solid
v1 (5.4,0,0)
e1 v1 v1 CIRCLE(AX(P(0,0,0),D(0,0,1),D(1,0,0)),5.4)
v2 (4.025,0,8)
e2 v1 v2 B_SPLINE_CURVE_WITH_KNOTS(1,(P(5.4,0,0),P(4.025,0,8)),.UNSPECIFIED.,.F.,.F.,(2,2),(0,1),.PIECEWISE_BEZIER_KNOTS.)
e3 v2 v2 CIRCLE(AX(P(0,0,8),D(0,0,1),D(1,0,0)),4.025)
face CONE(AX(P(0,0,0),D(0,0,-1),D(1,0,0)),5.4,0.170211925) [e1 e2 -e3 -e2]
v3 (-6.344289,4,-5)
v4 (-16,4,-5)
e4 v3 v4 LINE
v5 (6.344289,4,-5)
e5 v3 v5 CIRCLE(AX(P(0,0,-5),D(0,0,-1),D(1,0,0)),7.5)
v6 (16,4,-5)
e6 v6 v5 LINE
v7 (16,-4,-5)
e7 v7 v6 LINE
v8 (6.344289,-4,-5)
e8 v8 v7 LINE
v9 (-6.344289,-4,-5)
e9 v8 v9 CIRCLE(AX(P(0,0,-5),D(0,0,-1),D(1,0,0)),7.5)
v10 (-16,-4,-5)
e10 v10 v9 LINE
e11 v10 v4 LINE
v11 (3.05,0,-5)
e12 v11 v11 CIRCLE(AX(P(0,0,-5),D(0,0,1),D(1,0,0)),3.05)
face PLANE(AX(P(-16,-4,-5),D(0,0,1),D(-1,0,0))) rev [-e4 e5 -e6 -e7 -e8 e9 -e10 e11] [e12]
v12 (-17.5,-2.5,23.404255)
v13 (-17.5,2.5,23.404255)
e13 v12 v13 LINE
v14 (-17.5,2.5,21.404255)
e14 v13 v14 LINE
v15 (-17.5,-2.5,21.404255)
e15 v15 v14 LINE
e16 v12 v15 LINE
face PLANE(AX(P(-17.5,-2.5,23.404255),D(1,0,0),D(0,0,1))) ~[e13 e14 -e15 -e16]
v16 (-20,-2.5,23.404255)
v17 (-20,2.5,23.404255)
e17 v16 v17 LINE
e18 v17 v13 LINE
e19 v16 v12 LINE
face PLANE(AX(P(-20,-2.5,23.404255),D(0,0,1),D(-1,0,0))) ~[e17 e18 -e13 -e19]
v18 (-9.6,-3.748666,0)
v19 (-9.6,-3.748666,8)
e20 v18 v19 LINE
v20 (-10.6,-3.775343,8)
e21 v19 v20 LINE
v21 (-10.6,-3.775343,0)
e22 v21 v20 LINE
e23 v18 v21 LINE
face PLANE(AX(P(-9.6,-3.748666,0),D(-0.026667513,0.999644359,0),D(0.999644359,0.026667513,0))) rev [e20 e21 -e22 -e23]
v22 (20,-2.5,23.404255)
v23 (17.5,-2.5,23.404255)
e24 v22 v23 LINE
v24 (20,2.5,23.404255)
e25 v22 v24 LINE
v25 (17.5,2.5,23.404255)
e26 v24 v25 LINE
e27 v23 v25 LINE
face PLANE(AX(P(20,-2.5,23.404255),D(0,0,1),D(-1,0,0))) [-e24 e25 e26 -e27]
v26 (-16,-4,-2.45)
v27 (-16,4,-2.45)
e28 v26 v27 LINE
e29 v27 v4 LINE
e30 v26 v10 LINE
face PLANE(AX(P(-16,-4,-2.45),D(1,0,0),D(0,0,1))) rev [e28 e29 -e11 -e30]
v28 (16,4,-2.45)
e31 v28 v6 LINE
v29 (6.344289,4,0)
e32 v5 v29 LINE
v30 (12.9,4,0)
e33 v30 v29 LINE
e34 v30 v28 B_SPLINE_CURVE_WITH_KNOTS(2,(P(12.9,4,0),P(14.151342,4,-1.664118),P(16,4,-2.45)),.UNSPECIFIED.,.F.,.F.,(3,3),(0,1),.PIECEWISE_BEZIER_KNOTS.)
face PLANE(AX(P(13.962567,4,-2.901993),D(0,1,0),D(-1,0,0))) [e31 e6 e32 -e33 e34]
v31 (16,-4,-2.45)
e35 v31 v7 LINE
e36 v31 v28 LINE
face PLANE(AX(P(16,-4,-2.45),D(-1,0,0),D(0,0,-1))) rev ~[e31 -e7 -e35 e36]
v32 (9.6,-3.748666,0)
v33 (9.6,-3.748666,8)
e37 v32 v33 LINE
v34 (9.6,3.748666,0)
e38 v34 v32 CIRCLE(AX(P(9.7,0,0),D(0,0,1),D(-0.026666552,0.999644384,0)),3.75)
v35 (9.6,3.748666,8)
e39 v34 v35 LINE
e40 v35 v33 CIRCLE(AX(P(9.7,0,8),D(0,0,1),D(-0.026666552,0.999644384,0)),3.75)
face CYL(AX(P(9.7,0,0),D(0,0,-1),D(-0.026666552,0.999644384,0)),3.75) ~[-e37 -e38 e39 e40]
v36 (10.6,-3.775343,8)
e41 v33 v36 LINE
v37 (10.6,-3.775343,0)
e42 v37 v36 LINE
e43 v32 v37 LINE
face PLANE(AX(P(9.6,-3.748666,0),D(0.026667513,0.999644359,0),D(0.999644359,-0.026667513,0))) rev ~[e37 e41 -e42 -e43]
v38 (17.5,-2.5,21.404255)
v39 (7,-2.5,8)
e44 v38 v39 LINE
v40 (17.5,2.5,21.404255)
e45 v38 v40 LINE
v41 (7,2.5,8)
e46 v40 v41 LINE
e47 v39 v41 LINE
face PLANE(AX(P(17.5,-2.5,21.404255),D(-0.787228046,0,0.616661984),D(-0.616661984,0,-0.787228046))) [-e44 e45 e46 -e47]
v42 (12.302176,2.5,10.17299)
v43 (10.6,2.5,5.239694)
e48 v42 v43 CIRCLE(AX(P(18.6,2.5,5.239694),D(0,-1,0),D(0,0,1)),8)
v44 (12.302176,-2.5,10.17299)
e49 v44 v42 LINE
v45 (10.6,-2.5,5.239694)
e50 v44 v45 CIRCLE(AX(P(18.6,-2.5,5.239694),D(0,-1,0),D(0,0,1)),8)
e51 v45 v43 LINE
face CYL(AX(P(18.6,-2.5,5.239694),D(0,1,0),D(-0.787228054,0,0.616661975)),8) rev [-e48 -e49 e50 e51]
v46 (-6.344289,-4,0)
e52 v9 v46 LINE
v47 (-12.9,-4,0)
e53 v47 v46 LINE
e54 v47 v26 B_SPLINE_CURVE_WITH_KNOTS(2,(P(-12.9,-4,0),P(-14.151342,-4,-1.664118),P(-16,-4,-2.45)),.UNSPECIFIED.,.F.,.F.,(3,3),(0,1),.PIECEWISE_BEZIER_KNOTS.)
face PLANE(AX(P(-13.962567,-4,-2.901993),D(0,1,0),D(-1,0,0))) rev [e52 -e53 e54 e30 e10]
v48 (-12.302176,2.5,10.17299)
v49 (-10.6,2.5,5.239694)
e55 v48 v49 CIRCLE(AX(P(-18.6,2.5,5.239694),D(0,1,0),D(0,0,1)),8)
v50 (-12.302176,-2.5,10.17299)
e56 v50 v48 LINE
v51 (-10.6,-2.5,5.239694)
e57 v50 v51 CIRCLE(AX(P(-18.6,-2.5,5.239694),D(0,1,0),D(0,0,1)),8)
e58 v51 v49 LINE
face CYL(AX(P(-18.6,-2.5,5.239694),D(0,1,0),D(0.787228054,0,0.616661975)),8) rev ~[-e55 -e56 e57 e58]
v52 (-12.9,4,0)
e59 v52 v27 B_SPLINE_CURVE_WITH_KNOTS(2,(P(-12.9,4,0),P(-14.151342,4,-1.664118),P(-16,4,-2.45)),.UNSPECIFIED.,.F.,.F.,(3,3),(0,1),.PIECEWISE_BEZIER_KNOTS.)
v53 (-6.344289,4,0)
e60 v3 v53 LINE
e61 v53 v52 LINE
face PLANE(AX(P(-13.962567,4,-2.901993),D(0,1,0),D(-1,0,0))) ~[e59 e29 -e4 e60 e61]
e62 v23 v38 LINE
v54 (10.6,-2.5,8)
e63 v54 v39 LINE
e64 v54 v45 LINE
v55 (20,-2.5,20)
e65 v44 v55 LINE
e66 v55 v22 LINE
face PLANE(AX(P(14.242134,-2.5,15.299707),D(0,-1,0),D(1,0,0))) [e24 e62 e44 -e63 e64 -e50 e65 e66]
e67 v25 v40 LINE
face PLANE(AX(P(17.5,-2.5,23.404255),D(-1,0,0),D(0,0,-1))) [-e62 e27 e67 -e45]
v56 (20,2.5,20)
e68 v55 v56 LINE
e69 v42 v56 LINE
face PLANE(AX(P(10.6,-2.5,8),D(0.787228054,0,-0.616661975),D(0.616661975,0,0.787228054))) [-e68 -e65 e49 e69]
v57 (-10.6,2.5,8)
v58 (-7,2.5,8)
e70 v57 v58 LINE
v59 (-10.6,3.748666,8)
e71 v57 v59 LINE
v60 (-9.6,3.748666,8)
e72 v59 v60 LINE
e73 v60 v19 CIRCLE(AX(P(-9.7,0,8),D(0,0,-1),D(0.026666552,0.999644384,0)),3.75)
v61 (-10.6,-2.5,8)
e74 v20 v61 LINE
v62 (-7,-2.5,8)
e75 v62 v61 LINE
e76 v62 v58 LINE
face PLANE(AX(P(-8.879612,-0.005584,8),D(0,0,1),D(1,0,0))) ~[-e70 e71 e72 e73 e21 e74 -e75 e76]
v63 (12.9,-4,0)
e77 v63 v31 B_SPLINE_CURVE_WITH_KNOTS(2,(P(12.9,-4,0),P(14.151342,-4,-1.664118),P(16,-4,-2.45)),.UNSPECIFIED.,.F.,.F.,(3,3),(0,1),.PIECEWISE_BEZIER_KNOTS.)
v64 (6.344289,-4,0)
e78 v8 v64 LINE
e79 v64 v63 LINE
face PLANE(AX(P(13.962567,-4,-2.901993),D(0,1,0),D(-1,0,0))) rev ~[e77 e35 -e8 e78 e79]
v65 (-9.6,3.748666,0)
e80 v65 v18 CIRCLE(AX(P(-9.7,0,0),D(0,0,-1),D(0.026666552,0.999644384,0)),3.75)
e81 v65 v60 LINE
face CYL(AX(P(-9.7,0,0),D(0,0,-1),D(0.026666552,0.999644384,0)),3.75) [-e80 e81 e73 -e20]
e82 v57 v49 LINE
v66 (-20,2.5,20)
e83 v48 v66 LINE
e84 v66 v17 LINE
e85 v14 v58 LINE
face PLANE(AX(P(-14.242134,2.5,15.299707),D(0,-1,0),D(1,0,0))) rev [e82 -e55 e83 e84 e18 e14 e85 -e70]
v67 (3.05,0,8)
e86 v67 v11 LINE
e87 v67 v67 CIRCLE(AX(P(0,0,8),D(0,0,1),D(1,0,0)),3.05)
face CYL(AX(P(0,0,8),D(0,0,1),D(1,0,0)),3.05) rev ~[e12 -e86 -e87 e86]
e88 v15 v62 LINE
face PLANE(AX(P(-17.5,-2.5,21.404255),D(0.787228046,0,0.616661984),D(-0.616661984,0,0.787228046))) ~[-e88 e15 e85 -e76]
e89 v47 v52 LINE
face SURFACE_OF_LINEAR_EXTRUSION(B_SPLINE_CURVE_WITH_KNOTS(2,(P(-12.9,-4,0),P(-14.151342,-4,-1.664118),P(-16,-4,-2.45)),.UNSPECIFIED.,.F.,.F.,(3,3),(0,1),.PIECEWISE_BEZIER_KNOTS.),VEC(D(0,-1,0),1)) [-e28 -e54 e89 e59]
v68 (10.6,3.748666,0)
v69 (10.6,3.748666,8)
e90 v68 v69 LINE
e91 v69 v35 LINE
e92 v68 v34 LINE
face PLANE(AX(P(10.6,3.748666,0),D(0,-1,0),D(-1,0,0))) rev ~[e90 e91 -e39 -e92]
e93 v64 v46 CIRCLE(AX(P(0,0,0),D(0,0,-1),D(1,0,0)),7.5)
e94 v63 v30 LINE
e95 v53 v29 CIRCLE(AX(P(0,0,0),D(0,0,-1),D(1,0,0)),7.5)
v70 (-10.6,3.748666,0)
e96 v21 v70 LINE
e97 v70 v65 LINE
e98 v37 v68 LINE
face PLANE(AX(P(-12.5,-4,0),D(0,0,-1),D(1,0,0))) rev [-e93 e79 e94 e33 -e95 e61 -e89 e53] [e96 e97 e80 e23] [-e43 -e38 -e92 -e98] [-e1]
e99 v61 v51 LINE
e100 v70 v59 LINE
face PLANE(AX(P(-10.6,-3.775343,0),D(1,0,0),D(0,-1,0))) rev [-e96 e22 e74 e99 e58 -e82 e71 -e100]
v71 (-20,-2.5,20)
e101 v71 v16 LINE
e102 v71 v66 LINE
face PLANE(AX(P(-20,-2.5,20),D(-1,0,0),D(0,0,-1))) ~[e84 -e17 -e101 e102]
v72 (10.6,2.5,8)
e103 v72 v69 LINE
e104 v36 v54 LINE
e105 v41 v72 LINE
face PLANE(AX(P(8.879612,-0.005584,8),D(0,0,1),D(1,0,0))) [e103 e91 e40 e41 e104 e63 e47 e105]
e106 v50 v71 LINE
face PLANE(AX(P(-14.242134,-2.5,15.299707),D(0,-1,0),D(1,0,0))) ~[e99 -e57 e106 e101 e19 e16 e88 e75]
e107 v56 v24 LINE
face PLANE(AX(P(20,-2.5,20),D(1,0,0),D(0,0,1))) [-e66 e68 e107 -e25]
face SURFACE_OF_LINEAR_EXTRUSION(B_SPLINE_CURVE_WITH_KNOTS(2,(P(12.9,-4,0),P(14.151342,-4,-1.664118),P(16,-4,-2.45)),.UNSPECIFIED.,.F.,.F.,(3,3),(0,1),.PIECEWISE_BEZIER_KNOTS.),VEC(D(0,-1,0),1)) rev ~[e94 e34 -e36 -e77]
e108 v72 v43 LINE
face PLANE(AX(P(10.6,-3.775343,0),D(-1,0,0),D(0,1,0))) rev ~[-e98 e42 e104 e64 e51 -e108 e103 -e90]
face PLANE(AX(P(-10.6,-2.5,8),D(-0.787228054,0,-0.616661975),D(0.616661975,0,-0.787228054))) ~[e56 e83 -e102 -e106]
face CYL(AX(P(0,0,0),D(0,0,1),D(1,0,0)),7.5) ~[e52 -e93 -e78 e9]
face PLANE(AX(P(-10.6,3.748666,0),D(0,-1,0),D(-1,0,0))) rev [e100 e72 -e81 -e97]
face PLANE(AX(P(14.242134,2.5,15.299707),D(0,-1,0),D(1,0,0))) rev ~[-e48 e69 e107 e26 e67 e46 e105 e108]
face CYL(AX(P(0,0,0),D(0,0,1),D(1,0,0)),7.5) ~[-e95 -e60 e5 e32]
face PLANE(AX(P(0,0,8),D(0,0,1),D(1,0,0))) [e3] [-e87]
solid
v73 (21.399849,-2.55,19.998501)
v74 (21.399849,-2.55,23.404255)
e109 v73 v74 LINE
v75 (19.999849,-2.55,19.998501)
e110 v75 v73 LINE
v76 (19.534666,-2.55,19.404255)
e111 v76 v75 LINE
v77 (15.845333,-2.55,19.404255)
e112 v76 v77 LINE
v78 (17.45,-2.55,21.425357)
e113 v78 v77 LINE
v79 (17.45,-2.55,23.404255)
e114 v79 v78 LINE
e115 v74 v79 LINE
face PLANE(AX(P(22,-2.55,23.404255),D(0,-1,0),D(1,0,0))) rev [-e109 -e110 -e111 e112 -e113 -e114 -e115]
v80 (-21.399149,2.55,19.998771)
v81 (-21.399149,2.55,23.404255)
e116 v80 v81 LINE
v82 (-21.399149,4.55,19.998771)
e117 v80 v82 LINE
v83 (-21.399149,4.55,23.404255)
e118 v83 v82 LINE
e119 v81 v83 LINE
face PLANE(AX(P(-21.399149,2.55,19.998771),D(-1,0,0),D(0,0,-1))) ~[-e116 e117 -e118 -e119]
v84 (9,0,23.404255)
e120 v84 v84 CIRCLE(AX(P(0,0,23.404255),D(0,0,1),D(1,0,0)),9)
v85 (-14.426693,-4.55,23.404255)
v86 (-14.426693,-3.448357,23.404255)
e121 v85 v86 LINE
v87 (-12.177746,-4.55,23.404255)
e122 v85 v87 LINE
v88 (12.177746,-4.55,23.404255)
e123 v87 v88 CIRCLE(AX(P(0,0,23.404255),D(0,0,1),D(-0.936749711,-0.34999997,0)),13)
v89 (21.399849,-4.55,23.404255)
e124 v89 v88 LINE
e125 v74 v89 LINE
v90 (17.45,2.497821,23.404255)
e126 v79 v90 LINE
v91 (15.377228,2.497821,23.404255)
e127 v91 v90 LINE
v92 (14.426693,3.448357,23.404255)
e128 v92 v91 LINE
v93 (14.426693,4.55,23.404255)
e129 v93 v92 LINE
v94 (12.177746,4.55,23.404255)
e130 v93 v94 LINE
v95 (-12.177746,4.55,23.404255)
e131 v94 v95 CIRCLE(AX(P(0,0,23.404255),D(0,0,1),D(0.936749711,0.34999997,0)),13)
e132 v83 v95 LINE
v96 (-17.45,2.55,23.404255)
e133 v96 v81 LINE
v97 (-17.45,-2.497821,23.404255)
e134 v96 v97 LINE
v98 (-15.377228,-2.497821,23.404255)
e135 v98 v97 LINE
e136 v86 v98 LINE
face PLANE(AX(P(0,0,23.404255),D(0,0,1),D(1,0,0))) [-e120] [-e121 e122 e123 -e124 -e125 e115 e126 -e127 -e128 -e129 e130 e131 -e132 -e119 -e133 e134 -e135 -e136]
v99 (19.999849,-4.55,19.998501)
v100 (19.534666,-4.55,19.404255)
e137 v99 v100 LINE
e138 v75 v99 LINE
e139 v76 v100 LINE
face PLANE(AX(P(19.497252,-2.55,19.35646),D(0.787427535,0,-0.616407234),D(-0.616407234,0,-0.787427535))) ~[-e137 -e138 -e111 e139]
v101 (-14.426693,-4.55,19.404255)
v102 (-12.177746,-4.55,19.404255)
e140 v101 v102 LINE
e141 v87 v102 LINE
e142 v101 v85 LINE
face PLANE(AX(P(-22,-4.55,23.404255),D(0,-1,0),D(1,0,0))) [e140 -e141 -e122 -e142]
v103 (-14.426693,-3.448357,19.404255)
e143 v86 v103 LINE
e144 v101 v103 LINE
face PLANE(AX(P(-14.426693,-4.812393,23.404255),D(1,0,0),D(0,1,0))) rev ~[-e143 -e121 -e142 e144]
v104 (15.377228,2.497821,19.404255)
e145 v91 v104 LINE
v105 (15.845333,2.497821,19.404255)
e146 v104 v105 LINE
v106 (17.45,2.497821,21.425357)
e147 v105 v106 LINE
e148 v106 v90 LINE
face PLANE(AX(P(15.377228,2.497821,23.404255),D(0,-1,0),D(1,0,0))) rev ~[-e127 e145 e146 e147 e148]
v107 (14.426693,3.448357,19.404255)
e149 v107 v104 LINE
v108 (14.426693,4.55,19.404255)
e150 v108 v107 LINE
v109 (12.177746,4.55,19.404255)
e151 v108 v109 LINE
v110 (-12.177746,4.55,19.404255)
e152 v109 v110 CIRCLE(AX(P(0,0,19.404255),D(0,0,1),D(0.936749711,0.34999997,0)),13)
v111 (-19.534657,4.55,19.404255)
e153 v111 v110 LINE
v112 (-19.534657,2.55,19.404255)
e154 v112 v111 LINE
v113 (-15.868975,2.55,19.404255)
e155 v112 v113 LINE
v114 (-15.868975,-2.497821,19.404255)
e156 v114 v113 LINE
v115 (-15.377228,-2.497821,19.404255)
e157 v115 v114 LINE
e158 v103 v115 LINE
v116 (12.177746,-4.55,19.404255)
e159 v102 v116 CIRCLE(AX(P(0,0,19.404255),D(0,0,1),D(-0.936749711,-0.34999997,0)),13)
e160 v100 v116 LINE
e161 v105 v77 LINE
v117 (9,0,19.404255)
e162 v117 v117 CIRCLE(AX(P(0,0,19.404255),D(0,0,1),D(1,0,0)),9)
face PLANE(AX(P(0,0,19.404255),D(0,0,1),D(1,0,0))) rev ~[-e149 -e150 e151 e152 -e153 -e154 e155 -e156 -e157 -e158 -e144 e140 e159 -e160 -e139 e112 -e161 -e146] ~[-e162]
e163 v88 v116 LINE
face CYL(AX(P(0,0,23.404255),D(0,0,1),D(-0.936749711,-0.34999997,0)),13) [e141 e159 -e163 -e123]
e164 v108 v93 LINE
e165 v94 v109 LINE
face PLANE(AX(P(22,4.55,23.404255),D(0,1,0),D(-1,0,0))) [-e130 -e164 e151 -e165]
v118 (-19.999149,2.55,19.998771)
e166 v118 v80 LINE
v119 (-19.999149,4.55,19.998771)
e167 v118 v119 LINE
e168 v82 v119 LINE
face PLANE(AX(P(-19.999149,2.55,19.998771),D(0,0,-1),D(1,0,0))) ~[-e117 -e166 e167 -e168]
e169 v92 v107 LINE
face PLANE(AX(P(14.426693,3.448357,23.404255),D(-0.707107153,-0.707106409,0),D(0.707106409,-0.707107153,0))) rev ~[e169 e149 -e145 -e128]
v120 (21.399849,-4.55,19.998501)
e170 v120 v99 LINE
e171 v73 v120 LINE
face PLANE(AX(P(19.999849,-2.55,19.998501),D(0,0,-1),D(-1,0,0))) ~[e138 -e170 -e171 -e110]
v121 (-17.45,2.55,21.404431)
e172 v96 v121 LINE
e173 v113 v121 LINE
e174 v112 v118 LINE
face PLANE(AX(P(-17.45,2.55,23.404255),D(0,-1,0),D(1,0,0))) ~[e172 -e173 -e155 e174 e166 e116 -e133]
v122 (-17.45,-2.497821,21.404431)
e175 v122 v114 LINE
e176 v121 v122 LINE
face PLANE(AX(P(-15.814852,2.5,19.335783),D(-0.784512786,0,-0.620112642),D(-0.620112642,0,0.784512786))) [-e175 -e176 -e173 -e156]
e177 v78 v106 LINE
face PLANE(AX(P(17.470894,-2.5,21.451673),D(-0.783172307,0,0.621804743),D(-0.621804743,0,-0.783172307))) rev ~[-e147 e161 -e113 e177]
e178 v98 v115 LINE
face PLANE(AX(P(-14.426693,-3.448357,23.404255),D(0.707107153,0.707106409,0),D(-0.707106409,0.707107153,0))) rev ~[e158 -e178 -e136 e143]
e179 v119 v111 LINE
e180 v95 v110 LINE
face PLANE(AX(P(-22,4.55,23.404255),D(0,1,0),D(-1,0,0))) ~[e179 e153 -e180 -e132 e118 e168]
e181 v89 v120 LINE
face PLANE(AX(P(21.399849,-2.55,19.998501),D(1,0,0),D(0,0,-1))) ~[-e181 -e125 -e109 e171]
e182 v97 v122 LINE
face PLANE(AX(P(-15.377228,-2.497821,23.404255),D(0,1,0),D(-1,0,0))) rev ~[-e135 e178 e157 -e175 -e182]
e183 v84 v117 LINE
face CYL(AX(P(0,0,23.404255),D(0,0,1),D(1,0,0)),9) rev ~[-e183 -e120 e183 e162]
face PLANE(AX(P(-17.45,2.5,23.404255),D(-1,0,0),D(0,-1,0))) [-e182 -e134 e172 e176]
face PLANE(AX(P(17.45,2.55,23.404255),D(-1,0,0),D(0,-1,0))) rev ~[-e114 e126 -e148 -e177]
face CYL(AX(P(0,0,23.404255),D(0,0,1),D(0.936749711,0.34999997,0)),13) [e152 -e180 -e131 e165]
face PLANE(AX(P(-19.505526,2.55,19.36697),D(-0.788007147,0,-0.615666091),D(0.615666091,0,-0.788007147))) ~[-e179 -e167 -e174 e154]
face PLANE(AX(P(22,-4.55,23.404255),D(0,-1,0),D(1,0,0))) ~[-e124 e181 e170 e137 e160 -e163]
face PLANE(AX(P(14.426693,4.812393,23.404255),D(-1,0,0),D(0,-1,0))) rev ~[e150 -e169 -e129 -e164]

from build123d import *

# Parameters (mm, degrees)
SKETCH_R           = 5.4
SKETCH001_R        = 4.025
SKETCH003_R        = 7.5
PAD_DEPTH          = 5
SKETCH002_R        = 3.05
POCKET_DEPTH       = 200
SKETCH004_W        = 6.5
SKETCH004_H        = 8
PAD001_DEPTH       = 5
PAD002_DEPTH       = 8
SKETCH006_W        = 2.5
SKETCH006_H        = 5
PAD003_DEPTH       = 8
PAD004_DEPTH       = 5
PAD005_DEPTH       = 8
FILLET_R           = 8
FILLET001_R        = 8
SKETCH009_R        = 9
PAD006_DEPTH       = 4
POCKET001_DEPTH    = 5.05
POCKET002_DEPTH    = 5.05
POCKET003_DEPTH    = 5
POCKET004_DEPTH    = 5
POCKET005_DEPTH    = 5
POLARPATTERN_COUNT = 2


with BuildPart() as centerig_piece:
    # Sketch → AdditiveLoft section 0
    with BuildSketch(Plane.XY):
        Circle(SKETCH_R)
    # Sketch001 (on DatumPlane) → AdditiveLoft section 1
    with BuildSketch(Plane.XY.offset(8)):
        Circle(SKETCH001_R)
    loft()

    # Sketch003 (on Face1 of AdditiveLoft) → Pad (new body)
    with BuildSketch(Plane(origin=(0, 0, 0), x_dir=(1, 0, 0), z_dir=(0, 0, -1))):
        Circle(SKETCH003_R)
    extrude(amount=PAD_DEPTH)

    # Sketch002 (on DatumPlane) → Pocket (cut)
    with BuildSketch(Plane.XY.offset(8)):
        Circle(SKETCH002_R)
    extrude(amount=-POCKET_DEPTH, mode=Mode.SUBTRACT)

    # Sketch004 (on Face2 of Pocket) → Pad001 (join)
    with BuildSketch(Plane.XY):
        with Locations((9.25, 0)):
            Rectangle(SKETCH004_W, SKETCH004_H)
    pad001 = extrude(amount=-PAD001_DEPTH)

    # Sketch005 (on Face3 of Pad001) → Pad002 (join)
    with BuildSketch(Plane.XZ.offset(4)):
        with BuildLine():
            Line((12.5, -5), (12.5, 0))
            Line((12.5, 0), (12.9, 0))
            add(Edge.make_bspline(
                [(12.9, 0), (14.151342, -1.664118), (16, -2.45)],
                knots=[0, 0, 0, 1, 1, 1], degree=2))
            Line((16, -2.45), (16, -5))
            Line((16, -5), (12.5, -5))
        make_face()
    pad002 = extrude(amount=-PAD002_DEPTH)

    # Sketch006 (on Face2 of Pad002) → Pad003 (join)
    with BuildSketch(Plane.XY):
        with Locations((9.25, 0)):
            Rectangle(SKETCH006_W, SKETCH006_H)
    pad003 = extrude(amount=PAD003_DEPTH)

    # Sketch007 (on Face9 of Pad003) → Pad004 (join)
    with BuildSketch(Plane.XZ.offset(2.5)):
        Polygon((7, 8), (10.6, 8), (20, 20), (20, 23.404255), (17.5, 23.404255), (17.5, 21.404255), align=None)
    pad004 = extrude(amount=-PAD004_DEPTH)

    # Sketch008 → Pad005 (join)
    with BuildSketch(Plane.XY):
        with BuildLine():
            ThreePointArc((9.6, 3.748666), (5.95, 0), (9.6, -3.748666))
            Line((9.6, -3.748666), (10.6, -3.775343))
            Line((10.6, -3.775343), (10.6, 3.748666))
            Line((10.6, 3.748666), (9.6, 3.748666))
        make_face()
    pad005 = extrude(amount=PAD005_DEPTH)

    # Fillet
    fillet_edges = [centerig_piece.edges().sort_by_distance(p)[0] for p in [
        (10.6, 0, 8),
    ]]
    fillet(fillet_edges, radius=FILLET_R)

    # Mirrored: Pad001, Pad002, Pad003, Pad004, Pad005 across Sketch004 V_Axis
    add(pad001.mirror(Plane(origin=(0, 0, 0), x_dir=(0, 0, 1), z_dir=(1, 0, 0))))
    add(pad002.mirror(Plane(origin=(0, 0, 0), x_dir=(0, 0, 1), z_dir=(1, 0, 0))))
    add(pad003.mirror(Plane(origin=(0, 0, 0), x_dir=(0, 0, 1), z_dir=(1, 0, 0))))
    add(pad004.mirror(Plane(origin=(0, 0, 0), x_dir=(0, 0, 1), z_dir=(1, 0, 0))))
    add(pad005.mirror(Plane(origin=(0, 0, 0), x_dir=(0, 0, 1), z_dir=(1, 0, 0))))

    # Fillet001
    fillet001_edges = [centerig_piece.edges().sort_by_distance(p)[0] for p in [
        (-10.6, 0, 8),
    ]]
    fillet(fillet001_edges, radius=FILLET001_R)


with BuildPart() as stability_ring:
    # Sketch009 (on DatumPlane) → Pad006 (new body)
    with BuildSketch(Plane.XY.offset(23.404255)):
        with BuildLine():
            ThreePointArc((12.177746, 4.55), (-1.065181, 12.956288), (-12.757351, 2.5))
            Line((-17.45, 2.5), (-12.757351, 2.5))
            Line((-17.45, 2.5), (-17.45, -2.55))
            Line((-17.45, -2.55), (-22, -2.55))
            Line((-22, -2.55), (-22, -4.55))
            Line((-22, -4.55), (-12.177746, -4.55))
            ThreePointArc((-12.177746, -4.55), (1.065181, -12.956288), (12.757351, -2.5))
            Line((17.45, -2.5), (12.757351, -2.5))
            Line((17.45, 2.55), (17.45, -2.5))
            Line((22, 2.55), (17.45, 2.55))
            Line((22, 2.55), (22, 4.55))
            Line((22, 4.55), (12.177746, 4.55))
        make_face()
        Circle(SKETCH009_R, mode=Mode.SUBTRACT)
    extrude(amount=-PAD006_DEPTH)

    # Sketch010 (on Face10 of Pad006) → Pocket001 (cut)
    with BuildSketch(Plane(origin=(0, -2.5, 23.404255), x_dir=(1, 0, 0), z_dir=(0, -1, 0))):
        Polygon((17.470894, -1.952582), (15.784162, -4.077046), (17.863272, -4.077046), align=None)
    extrude(amount=-POCKET001_DEPTH, mode=Mode.SUBTRACT)

    # Sketch011 (on Face7 of Pocket001) → Pocket002 (cut)
    with BuildSketch(Plane(origin=(0, 2.5, 23.404255), x_dir=(-1, 0, 0), z_dir=(0, 1, 0))):
        Polygon((15.814852, -4.068472), (17.467579, -1.977585), (17.988518, -4.068472), align=None)
    extrude(amount=-POCKET002_DEPTH, mode=Mode.SUBTRACT)

    # Sketch012 (on Face17 of Pocket002) → Pocket003 (cut)
    with BuildSketch(Plane(origin=(0, -2.55, 23.404255), x_dir=(-1, 0, 0), z_dir=(0, 1, 0))):
        Polygon((19.505526, -4.037285), (19.999149, -3.405484), (21.399149, -3.405484), (21.399149, 0), (22.759012, 0), (22.759012, -4.405802), align=None)
    extrude(amount=-POCKET003_DEPTH, mode=Mode.SUBTRACT)

    # Sketch013 (on Face2 of Pocket003) → Pocket004 (cut)
    with BuildSketch(Plane(origin=(0, 2.55, 23.404255), x_dir=(1, 0, 0), z_dir=(0, -1, 0))):
        Polygon((19.497252, -4.047795), (19.999849, -3.405754), (21.399849, -3.405754), (21.399849, 0), (22.496408, 0), (22.496408, -4.46575), align=None)
    extrude(amount=-POCKET004_DEPTH, mode=Mode.SUBTRACT)

    # Mirrored001: stability_ring across XZ


with BuildPart() as stability_ring_1:
    add(stability_ring.part)
    add(stability_ring.part.mirror(Plane.XZ))

    # Sketch014 (on Face27 of Mirrored001) → Pocket005 (cut)
    with BuildSketch(Plane.XY.offset(23.404255)):
        Polygon((-21.508259, -2.497821), (-21.508259, -4.812393), (-14.426693, -4.812393), (-14.426693, -3.448357), (-15.377228, -2.497821), align=None)
    pocket005 = extrude(amount=-POCKET005_DEPTH, mode=Mode.SUBTRACT)

    # PolarPattern: Pocket005 ×2 about axis
    polarpattern_axis = Axis((0, 0, 23.404255), (0, 0, 1))
    for i in range(1, POLARPATTERN_COUNT):
        add(pocket005.rotate(polarpattern_axis, i * 360 / POLARPATTERN_COUNT), mode=Mode.SUBTRACT)


solid = Compound([centerig_piece.part, stability_ring_1.part])
